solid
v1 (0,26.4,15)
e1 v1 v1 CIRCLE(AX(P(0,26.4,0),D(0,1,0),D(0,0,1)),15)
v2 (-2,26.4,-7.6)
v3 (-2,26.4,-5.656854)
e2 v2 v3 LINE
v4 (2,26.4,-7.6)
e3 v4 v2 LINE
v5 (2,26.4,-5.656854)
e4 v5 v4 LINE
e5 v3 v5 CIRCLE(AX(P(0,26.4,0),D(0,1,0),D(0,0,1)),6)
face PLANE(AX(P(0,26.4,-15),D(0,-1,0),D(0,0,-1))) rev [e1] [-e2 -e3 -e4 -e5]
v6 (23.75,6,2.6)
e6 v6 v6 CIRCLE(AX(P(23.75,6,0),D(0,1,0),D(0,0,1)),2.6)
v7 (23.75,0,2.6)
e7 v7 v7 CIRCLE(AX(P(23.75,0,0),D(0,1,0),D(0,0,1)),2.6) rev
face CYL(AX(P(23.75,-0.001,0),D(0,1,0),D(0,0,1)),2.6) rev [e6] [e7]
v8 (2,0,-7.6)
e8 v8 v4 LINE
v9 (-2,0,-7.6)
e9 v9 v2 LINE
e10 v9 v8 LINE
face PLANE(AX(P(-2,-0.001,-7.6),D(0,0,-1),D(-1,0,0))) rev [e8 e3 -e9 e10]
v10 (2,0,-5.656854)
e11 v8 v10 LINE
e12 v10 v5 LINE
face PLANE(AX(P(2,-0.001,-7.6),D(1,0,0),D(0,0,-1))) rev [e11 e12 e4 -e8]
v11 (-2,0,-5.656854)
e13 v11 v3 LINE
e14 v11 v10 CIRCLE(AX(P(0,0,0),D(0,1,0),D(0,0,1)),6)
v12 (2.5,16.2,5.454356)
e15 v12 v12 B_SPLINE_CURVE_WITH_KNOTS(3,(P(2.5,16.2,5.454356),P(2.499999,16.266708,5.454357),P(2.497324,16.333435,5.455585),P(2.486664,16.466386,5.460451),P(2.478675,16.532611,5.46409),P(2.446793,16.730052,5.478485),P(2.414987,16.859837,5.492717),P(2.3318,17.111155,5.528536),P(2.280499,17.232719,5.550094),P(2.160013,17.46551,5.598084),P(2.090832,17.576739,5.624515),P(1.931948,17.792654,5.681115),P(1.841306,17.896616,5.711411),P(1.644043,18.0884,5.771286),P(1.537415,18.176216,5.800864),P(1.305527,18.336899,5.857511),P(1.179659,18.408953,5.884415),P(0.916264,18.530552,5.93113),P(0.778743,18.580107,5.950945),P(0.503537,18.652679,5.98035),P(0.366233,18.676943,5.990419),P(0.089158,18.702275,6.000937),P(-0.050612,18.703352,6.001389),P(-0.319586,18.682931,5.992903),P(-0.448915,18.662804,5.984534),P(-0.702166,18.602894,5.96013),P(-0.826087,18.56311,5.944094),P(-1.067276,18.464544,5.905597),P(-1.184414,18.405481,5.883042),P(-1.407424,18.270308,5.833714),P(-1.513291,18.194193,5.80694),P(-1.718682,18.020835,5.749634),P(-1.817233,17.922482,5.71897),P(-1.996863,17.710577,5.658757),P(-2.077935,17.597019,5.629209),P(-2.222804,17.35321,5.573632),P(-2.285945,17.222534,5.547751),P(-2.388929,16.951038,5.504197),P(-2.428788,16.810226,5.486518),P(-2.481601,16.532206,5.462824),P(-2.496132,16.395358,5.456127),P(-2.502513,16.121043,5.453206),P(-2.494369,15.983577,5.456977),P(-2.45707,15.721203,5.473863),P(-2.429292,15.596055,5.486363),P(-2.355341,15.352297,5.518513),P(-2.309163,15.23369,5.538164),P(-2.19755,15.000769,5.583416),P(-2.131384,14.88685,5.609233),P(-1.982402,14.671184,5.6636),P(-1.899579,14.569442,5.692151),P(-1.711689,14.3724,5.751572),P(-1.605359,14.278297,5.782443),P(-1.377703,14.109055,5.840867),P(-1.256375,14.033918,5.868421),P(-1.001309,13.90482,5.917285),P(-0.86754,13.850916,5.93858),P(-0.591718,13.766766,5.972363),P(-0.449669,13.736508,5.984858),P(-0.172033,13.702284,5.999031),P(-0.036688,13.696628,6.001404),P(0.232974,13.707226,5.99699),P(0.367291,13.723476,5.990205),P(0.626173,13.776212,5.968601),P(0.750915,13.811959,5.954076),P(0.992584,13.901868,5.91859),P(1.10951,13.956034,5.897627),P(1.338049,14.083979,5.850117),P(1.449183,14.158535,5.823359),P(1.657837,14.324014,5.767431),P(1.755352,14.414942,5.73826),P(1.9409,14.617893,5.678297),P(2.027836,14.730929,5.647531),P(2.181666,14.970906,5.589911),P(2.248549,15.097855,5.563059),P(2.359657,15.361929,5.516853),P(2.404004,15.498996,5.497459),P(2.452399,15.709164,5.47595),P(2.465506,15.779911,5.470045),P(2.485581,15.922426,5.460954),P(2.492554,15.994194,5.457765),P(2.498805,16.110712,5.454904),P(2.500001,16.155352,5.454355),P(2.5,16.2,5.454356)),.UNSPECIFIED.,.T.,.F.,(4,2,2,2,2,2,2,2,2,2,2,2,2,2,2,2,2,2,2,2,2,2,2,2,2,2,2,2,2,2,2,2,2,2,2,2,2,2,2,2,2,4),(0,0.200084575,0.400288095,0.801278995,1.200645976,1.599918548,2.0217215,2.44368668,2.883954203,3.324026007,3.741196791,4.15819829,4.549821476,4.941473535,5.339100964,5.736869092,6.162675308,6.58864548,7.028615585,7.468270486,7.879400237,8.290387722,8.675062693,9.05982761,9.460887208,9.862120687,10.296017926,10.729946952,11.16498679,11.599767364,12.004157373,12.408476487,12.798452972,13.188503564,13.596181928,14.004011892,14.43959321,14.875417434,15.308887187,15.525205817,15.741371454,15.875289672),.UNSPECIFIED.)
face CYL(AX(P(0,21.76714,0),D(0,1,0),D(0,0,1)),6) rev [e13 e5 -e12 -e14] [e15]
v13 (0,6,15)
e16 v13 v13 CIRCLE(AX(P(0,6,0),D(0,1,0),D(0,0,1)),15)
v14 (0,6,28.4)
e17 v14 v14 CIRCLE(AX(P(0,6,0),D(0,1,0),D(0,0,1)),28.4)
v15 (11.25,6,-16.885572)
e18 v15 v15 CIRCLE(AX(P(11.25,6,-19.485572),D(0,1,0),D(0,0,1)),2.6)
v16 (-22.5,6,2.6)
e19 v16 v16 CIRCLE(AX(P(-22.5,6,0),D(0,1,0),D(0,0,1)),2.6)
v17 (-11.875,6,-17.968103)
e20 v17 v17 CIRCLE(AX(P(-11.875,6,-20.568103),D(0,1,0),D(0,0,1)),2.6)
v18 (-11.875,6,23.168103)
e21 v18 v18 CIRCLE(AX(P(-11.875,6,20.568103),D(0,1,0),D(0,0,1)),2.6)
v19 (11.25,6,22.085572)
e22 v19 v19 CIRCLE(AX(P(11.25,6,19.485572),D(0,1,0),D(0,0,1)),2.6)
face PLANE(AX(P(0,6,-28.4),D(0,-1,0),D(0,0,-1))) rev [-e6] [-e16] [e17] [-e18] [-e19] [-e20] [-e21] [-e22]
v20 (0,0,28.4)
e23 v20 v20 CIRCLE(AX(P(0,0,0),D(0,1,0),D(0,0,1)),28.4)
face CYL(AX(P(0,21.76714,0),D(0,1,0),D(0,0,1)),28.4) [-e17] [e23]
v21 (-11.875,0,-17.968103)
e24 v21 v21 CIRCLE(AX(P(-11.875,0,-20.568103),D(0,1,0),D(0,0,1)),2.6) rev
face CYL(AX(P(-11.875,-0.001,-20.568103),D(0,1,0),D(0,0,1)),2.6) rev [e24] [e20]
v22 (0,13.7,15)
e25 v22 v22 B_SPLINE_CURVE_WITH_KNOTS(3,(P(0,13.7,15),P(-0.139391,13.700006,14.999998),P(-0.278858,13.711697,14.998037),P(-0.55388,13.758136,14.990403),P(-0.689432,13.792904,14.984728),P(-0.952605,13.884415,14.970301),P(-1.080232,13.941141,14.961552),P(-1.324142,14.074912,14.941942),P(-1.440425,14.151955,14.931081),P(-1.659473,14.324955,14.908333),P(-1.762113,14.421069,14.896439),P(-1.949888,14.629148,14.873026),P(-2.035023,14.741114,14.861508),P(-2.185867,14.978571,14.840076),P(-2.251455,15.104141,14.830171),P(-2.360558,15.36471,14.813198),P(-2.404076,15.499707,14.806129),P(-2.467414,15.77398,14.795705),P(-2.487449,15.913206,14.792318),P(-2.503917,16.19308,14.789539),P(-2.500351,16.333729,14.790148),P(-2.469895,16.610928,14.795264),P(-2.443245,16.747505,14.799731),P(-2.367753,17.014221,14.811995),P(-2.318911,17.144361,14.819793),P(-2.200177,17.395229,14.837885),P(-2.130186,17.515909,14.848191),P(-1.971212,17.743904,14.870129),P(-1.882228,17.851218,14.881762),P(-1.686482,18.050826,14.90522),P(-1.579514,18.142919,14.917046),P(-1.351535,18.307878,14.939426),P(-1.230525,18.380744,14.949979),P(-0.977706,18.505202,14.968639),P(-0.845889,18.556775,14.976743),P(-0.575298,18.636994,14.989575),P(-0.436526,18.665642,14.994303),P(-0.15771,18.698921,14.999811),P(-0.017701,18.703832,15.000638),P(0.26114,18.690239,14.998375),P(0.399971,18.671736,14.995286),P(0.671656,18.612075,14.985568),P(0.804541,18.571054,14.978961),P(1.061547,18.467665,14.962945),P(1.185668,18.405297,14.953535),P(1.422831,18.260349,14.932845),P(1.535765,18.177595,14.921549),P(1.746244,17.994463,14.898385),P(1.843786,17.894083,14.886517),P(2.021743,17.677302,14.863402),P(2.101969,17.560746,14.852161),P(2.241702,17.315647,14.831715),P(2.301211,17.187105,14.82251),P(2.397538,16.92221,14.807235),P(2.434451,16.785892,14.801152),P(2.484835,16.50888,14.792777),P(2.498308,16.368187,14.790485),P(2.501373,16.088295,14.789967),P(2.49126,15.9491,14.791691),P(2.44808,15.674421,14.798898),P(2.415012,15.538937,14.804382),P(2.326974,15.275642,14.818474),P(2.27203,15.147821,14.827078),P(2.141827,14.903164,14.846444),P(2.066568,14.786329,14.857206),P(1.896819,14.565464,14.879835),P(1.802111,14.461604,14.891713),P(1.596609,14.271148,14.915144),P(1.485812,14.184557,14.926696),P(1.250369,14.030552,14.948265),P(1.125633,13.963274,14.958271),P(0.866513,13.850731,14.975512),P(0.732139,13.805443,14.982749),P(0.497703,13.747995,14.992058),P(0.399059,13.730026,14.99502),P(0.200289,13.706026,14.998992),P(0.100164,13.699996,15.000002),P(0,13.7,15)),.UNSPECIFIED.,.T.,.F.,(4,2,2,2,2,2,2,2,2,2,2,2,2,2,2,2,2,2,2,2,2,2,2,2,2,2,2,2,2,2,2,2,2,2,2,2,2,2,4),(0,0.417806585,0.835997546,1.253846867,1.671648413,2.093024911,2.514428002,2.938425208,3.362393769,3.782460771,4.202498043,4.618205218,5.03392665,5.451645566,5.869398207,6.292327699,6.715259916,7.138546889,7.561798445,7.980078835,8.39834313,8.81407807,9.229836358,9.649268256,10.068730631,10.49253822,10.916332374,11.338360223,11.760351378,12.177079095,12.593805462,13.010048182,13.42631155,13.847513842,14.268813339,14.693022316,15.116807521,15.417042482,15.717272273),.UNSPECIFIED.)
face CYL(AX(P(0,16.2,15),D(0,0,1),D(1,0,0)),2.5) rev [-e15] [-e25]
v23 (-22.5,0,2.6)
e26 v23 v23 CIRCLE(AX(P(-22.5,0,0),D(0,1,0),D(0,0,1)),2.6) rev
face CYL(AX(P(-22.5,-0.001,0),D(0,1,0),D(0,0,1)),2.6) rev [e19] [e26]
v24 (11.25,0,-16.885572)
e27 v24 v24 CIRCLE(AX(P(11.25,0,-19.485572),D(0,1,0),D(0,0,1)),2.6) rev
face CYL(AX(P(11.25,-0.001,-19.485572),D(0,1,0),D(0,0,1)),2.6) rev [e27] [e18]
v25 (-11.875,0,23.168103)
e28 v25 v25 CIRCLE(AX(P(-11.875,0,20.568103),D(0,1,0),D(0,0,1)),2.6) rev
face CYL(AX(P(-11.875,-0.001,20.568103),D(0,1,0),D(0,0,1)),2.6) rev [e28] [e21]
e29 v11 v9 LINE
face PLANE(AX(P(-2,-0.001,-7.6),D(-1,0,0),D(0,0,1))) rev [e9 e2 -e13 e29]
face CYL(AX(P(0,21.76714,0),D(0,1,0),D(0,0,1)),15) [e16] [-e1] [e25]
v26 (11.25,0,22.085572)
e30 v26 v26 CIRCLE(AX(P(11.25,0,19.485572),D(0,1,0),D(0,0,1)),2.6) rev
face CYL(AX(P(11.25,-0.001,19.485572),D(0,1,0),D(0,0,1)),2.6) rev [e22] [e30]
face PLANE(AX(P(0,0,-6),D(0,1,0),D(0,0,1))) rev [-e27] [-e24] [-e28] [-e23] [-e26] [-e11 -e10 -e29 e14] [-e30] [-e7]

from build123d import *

# Parameters (mm, degrees)
CUT_EXTRUDE2_REACH     = 47.048
SKETCH3_R              = 2.6
CUT_EXTRUDE3_REACH     = 50.063
M6_TAPPED_HOLE2_REACH  = 56.337
M6_TAPPED_HOLE2_BORE_R = 2.5


with BuildPart() as part:
    # Sketch1 → Revolve1 (revolve)
    with BuildSketch(Plane(origin=(0, 0, 0), x_dir=(0, 0, -1), z_dir=(1, 0, 0)), mode=Mode.PRIVATE) as revolve1_sk:
        Polygon((6, 0), (28.4, 0), (28.4, 6), (15, 6), (15, 26.4), (6, 26.4), align=None)
    revolve(revolve1_sk.sketch.rotate(Axis((0, 21.767139862, 0), (0, -1, 0)), 180), axis=Axis((0, 21.767139862, 0), (0, -1, 0)))

    # Sketch3 → Cut-Extrude2 (cut, up to next)
    with BuildSketch(Plane(origin=(0, 6, 0), x_dir=(1, 0, 0), z_dir=(0, 1, 0)), mode=Mode.PRIVATE) as cut_extrude2_sk1:
        with Locations(Location((-22.5, 0, 0), (0, 0, 270))):
            Circle(SKETCH3_R)
    cut_extrude2_tool1 = extrude(cut_extrude2_sk1.sketch, amount=-CUT_EXTRUDE2_REACH, mode=Mode.PRIVATE) & part.part
    # Sketch3 → Cut-Extrude2 (cut, up to next)
    with BuildSketch(Plane(origin=(0, 6, 0), x_dir=(1, 0, 0), z_dir=(0, 1, 0)), mode=Mode.PRIVATE) as cut_extrude2_sk2:
        with Locations(Location((11.25, 19.485571585, 0), (0, 0, 270))):
            Circle(SKETCH3_R)
    cut_extrude2_tool2 = extrude(cut_extrude2_sk2.sketch, amount=-CUT_EXTRUDE2_REACH, mode=Mode.PRIVATE) & part.part
    # Sketch3 → Cut-Extrude2 (cut, up to next)
    with BuildSketch(Plane(origin=(0, 6, 0), x_dir=(1, 0, 0), z_dir=(0, 1, 0)), mode=Mode.PRIVATE) as cut_extrude2_sk3:
        with Locations(Location((11.25, -19.485571585, 0), (0, 0, 270))):
            Circle(SKETCH3_R)
    cut_extrude2_tool3 = extrude(cut_extrude2_sk3.sketch, amount=-CUT_EXTRUDE2_REACH, mode=Mode.PRIVATE) & part.part
    # Sketch3 → Cut-Extrude2 (cut, up to next)
    with BuildSketch(Plane(origin=(0, 6, 0), x_dir=(1, 0, 0), z_dir=(0, 1, 0)), mode=Mode.PRIVATE) as cut_extrude2_sk4:
        with Locations(Location((23.75, 0, 0), (0, 0, 270))):
            Circle(SKETCH3_R)
    cut_extrude2_tool4 = extrude(cut_extrude2_sk4.sketch, amount=-CUT_EXTRUDE2_REACH, mode=Mode.PRIVATE) & part.part
    # Sketch3 → Cut-Extrude2 (cut, up to next)
    with BuildSketch(Plane(origin=(0, 6, 0), x_dir=(1, 0, 0), z_dir=(0, 1, 0)), mode=Mode.PRIVATE) as cut_extrude2_sk5:
        with Locations(Location((-11.875, -20.56810334, 0), (0, 0, 270))):
            Circle(SKETCH3_R)
    cut_extrude2_tool5 = extrude(cut_extrude2_sk5.sketch, amount=-CUT_EXTRUDE2_REACH, mode=Mode.PRIVATE) & part.part
    # Sketch3 → Cut-Extrude2 (cut, up to next)
    with BuildSketch(Plane(origin=(0, 6, 0), x_dir=(1, 0, 0), z_dir=(0, 1, 0)), mode=Mode.PRIVATE) as cut_extrude2_sk6:
        with Locations(Location((-11.875, 20.56810334, 0), (0, 0, 270))):
            Circle(SKETCH3_R)
    cut_extrude2_tool6 = extrude(cut_extrude2_sk6.sketch, amount=-CUT_EXTRUDE2_REACH, mode=Mode.PRIVATE) & part.part
    add(cut_extrude2_tool1.solids().sort_by_distance((-22.5, 6, 0))[0], mode=Mode.SUBTRACT)
    add(cut_extrude2_tool2.solids().sort_by_distance((11.25, 6, -19.485572))[0], mode=Mode.SUBTRACT)
    add(cut_extrude2_tool3.solids().sort_by_distance((11.25, 6, 19.485572))[0], mode=Mode.SUBTRACT)
    add(cut_extrude2_tool4.solids().sort_by_distance((23.75, 6, 0))[0], mode=Mode.SUBTRACT)
    add(cut_extrude2_tool5.solids().sort_by_distance((-11.875, 6, 20.568103))[0], mode=Mode.SUBTRACT)
    add(cut_extrude2_tool6.solids().sort_by_distance((-11.875, 6, -20.568103))[0], mode=Mode.SUBTRACT)

    # Sketch4 → Cut-Extrude3 (cut, up to next)
    with BuildSketch(Plane(origin=(0, 26.4, 0), x_dir=(1, 0, 0), z_dir=(0, 1, 0)), mode=Mode.PRIVATE) as cut_extrude3_sk1:
        with BuildLine():
            Line((-2, 7.6), (-2, 5.656854249))
            ThreePointArc((-2, 5.656854249), (0, 6), (2, 5.656854249))
            Line((2, 5.656854249), (2, 7.6))
            Line((2, 7.6), (-2, 7.6))
        make_face()
    cut_extrude3_tool1 = extrude(cut_extrude3_sk1.sketch, amount=-CUT_EXTRUDE3_REACH, mode=Mode.PRIVATE) & part.part
    add(cut_extrude3_tool1.solids().sort_by_distance((0, 26.4, -6.740451))[0], mode=Mode.SUBTRACT)

    # M6 Tapped Hole2 bore (on position points) → M6 Tapped Hole2 (cut, up to next)
    with BuildSketch(Plane(origin=(0, 16.2, 15), x_dir=(1, 0, 0), z_dir=(0, 0, 1)), mode=Mode.PRIVATE) as m6_tapped_hole2_sk1:
        Circle(M6_TAPPED_HOLE2_BORE_R)
    m6_tapped_hole2_tool1 = extrude(m6_tapped_hole2_sk1.sketch, amount=-M6_TAPPED_HOLE2_REACH, mode=Mode.PRIVATE) & part.part
    add(m6_tapped_hole2_tool1.solids().sort_by_distance((0, 16.2, 15))[0], mode=Mode.SUBTRACT)


solid = part.part
